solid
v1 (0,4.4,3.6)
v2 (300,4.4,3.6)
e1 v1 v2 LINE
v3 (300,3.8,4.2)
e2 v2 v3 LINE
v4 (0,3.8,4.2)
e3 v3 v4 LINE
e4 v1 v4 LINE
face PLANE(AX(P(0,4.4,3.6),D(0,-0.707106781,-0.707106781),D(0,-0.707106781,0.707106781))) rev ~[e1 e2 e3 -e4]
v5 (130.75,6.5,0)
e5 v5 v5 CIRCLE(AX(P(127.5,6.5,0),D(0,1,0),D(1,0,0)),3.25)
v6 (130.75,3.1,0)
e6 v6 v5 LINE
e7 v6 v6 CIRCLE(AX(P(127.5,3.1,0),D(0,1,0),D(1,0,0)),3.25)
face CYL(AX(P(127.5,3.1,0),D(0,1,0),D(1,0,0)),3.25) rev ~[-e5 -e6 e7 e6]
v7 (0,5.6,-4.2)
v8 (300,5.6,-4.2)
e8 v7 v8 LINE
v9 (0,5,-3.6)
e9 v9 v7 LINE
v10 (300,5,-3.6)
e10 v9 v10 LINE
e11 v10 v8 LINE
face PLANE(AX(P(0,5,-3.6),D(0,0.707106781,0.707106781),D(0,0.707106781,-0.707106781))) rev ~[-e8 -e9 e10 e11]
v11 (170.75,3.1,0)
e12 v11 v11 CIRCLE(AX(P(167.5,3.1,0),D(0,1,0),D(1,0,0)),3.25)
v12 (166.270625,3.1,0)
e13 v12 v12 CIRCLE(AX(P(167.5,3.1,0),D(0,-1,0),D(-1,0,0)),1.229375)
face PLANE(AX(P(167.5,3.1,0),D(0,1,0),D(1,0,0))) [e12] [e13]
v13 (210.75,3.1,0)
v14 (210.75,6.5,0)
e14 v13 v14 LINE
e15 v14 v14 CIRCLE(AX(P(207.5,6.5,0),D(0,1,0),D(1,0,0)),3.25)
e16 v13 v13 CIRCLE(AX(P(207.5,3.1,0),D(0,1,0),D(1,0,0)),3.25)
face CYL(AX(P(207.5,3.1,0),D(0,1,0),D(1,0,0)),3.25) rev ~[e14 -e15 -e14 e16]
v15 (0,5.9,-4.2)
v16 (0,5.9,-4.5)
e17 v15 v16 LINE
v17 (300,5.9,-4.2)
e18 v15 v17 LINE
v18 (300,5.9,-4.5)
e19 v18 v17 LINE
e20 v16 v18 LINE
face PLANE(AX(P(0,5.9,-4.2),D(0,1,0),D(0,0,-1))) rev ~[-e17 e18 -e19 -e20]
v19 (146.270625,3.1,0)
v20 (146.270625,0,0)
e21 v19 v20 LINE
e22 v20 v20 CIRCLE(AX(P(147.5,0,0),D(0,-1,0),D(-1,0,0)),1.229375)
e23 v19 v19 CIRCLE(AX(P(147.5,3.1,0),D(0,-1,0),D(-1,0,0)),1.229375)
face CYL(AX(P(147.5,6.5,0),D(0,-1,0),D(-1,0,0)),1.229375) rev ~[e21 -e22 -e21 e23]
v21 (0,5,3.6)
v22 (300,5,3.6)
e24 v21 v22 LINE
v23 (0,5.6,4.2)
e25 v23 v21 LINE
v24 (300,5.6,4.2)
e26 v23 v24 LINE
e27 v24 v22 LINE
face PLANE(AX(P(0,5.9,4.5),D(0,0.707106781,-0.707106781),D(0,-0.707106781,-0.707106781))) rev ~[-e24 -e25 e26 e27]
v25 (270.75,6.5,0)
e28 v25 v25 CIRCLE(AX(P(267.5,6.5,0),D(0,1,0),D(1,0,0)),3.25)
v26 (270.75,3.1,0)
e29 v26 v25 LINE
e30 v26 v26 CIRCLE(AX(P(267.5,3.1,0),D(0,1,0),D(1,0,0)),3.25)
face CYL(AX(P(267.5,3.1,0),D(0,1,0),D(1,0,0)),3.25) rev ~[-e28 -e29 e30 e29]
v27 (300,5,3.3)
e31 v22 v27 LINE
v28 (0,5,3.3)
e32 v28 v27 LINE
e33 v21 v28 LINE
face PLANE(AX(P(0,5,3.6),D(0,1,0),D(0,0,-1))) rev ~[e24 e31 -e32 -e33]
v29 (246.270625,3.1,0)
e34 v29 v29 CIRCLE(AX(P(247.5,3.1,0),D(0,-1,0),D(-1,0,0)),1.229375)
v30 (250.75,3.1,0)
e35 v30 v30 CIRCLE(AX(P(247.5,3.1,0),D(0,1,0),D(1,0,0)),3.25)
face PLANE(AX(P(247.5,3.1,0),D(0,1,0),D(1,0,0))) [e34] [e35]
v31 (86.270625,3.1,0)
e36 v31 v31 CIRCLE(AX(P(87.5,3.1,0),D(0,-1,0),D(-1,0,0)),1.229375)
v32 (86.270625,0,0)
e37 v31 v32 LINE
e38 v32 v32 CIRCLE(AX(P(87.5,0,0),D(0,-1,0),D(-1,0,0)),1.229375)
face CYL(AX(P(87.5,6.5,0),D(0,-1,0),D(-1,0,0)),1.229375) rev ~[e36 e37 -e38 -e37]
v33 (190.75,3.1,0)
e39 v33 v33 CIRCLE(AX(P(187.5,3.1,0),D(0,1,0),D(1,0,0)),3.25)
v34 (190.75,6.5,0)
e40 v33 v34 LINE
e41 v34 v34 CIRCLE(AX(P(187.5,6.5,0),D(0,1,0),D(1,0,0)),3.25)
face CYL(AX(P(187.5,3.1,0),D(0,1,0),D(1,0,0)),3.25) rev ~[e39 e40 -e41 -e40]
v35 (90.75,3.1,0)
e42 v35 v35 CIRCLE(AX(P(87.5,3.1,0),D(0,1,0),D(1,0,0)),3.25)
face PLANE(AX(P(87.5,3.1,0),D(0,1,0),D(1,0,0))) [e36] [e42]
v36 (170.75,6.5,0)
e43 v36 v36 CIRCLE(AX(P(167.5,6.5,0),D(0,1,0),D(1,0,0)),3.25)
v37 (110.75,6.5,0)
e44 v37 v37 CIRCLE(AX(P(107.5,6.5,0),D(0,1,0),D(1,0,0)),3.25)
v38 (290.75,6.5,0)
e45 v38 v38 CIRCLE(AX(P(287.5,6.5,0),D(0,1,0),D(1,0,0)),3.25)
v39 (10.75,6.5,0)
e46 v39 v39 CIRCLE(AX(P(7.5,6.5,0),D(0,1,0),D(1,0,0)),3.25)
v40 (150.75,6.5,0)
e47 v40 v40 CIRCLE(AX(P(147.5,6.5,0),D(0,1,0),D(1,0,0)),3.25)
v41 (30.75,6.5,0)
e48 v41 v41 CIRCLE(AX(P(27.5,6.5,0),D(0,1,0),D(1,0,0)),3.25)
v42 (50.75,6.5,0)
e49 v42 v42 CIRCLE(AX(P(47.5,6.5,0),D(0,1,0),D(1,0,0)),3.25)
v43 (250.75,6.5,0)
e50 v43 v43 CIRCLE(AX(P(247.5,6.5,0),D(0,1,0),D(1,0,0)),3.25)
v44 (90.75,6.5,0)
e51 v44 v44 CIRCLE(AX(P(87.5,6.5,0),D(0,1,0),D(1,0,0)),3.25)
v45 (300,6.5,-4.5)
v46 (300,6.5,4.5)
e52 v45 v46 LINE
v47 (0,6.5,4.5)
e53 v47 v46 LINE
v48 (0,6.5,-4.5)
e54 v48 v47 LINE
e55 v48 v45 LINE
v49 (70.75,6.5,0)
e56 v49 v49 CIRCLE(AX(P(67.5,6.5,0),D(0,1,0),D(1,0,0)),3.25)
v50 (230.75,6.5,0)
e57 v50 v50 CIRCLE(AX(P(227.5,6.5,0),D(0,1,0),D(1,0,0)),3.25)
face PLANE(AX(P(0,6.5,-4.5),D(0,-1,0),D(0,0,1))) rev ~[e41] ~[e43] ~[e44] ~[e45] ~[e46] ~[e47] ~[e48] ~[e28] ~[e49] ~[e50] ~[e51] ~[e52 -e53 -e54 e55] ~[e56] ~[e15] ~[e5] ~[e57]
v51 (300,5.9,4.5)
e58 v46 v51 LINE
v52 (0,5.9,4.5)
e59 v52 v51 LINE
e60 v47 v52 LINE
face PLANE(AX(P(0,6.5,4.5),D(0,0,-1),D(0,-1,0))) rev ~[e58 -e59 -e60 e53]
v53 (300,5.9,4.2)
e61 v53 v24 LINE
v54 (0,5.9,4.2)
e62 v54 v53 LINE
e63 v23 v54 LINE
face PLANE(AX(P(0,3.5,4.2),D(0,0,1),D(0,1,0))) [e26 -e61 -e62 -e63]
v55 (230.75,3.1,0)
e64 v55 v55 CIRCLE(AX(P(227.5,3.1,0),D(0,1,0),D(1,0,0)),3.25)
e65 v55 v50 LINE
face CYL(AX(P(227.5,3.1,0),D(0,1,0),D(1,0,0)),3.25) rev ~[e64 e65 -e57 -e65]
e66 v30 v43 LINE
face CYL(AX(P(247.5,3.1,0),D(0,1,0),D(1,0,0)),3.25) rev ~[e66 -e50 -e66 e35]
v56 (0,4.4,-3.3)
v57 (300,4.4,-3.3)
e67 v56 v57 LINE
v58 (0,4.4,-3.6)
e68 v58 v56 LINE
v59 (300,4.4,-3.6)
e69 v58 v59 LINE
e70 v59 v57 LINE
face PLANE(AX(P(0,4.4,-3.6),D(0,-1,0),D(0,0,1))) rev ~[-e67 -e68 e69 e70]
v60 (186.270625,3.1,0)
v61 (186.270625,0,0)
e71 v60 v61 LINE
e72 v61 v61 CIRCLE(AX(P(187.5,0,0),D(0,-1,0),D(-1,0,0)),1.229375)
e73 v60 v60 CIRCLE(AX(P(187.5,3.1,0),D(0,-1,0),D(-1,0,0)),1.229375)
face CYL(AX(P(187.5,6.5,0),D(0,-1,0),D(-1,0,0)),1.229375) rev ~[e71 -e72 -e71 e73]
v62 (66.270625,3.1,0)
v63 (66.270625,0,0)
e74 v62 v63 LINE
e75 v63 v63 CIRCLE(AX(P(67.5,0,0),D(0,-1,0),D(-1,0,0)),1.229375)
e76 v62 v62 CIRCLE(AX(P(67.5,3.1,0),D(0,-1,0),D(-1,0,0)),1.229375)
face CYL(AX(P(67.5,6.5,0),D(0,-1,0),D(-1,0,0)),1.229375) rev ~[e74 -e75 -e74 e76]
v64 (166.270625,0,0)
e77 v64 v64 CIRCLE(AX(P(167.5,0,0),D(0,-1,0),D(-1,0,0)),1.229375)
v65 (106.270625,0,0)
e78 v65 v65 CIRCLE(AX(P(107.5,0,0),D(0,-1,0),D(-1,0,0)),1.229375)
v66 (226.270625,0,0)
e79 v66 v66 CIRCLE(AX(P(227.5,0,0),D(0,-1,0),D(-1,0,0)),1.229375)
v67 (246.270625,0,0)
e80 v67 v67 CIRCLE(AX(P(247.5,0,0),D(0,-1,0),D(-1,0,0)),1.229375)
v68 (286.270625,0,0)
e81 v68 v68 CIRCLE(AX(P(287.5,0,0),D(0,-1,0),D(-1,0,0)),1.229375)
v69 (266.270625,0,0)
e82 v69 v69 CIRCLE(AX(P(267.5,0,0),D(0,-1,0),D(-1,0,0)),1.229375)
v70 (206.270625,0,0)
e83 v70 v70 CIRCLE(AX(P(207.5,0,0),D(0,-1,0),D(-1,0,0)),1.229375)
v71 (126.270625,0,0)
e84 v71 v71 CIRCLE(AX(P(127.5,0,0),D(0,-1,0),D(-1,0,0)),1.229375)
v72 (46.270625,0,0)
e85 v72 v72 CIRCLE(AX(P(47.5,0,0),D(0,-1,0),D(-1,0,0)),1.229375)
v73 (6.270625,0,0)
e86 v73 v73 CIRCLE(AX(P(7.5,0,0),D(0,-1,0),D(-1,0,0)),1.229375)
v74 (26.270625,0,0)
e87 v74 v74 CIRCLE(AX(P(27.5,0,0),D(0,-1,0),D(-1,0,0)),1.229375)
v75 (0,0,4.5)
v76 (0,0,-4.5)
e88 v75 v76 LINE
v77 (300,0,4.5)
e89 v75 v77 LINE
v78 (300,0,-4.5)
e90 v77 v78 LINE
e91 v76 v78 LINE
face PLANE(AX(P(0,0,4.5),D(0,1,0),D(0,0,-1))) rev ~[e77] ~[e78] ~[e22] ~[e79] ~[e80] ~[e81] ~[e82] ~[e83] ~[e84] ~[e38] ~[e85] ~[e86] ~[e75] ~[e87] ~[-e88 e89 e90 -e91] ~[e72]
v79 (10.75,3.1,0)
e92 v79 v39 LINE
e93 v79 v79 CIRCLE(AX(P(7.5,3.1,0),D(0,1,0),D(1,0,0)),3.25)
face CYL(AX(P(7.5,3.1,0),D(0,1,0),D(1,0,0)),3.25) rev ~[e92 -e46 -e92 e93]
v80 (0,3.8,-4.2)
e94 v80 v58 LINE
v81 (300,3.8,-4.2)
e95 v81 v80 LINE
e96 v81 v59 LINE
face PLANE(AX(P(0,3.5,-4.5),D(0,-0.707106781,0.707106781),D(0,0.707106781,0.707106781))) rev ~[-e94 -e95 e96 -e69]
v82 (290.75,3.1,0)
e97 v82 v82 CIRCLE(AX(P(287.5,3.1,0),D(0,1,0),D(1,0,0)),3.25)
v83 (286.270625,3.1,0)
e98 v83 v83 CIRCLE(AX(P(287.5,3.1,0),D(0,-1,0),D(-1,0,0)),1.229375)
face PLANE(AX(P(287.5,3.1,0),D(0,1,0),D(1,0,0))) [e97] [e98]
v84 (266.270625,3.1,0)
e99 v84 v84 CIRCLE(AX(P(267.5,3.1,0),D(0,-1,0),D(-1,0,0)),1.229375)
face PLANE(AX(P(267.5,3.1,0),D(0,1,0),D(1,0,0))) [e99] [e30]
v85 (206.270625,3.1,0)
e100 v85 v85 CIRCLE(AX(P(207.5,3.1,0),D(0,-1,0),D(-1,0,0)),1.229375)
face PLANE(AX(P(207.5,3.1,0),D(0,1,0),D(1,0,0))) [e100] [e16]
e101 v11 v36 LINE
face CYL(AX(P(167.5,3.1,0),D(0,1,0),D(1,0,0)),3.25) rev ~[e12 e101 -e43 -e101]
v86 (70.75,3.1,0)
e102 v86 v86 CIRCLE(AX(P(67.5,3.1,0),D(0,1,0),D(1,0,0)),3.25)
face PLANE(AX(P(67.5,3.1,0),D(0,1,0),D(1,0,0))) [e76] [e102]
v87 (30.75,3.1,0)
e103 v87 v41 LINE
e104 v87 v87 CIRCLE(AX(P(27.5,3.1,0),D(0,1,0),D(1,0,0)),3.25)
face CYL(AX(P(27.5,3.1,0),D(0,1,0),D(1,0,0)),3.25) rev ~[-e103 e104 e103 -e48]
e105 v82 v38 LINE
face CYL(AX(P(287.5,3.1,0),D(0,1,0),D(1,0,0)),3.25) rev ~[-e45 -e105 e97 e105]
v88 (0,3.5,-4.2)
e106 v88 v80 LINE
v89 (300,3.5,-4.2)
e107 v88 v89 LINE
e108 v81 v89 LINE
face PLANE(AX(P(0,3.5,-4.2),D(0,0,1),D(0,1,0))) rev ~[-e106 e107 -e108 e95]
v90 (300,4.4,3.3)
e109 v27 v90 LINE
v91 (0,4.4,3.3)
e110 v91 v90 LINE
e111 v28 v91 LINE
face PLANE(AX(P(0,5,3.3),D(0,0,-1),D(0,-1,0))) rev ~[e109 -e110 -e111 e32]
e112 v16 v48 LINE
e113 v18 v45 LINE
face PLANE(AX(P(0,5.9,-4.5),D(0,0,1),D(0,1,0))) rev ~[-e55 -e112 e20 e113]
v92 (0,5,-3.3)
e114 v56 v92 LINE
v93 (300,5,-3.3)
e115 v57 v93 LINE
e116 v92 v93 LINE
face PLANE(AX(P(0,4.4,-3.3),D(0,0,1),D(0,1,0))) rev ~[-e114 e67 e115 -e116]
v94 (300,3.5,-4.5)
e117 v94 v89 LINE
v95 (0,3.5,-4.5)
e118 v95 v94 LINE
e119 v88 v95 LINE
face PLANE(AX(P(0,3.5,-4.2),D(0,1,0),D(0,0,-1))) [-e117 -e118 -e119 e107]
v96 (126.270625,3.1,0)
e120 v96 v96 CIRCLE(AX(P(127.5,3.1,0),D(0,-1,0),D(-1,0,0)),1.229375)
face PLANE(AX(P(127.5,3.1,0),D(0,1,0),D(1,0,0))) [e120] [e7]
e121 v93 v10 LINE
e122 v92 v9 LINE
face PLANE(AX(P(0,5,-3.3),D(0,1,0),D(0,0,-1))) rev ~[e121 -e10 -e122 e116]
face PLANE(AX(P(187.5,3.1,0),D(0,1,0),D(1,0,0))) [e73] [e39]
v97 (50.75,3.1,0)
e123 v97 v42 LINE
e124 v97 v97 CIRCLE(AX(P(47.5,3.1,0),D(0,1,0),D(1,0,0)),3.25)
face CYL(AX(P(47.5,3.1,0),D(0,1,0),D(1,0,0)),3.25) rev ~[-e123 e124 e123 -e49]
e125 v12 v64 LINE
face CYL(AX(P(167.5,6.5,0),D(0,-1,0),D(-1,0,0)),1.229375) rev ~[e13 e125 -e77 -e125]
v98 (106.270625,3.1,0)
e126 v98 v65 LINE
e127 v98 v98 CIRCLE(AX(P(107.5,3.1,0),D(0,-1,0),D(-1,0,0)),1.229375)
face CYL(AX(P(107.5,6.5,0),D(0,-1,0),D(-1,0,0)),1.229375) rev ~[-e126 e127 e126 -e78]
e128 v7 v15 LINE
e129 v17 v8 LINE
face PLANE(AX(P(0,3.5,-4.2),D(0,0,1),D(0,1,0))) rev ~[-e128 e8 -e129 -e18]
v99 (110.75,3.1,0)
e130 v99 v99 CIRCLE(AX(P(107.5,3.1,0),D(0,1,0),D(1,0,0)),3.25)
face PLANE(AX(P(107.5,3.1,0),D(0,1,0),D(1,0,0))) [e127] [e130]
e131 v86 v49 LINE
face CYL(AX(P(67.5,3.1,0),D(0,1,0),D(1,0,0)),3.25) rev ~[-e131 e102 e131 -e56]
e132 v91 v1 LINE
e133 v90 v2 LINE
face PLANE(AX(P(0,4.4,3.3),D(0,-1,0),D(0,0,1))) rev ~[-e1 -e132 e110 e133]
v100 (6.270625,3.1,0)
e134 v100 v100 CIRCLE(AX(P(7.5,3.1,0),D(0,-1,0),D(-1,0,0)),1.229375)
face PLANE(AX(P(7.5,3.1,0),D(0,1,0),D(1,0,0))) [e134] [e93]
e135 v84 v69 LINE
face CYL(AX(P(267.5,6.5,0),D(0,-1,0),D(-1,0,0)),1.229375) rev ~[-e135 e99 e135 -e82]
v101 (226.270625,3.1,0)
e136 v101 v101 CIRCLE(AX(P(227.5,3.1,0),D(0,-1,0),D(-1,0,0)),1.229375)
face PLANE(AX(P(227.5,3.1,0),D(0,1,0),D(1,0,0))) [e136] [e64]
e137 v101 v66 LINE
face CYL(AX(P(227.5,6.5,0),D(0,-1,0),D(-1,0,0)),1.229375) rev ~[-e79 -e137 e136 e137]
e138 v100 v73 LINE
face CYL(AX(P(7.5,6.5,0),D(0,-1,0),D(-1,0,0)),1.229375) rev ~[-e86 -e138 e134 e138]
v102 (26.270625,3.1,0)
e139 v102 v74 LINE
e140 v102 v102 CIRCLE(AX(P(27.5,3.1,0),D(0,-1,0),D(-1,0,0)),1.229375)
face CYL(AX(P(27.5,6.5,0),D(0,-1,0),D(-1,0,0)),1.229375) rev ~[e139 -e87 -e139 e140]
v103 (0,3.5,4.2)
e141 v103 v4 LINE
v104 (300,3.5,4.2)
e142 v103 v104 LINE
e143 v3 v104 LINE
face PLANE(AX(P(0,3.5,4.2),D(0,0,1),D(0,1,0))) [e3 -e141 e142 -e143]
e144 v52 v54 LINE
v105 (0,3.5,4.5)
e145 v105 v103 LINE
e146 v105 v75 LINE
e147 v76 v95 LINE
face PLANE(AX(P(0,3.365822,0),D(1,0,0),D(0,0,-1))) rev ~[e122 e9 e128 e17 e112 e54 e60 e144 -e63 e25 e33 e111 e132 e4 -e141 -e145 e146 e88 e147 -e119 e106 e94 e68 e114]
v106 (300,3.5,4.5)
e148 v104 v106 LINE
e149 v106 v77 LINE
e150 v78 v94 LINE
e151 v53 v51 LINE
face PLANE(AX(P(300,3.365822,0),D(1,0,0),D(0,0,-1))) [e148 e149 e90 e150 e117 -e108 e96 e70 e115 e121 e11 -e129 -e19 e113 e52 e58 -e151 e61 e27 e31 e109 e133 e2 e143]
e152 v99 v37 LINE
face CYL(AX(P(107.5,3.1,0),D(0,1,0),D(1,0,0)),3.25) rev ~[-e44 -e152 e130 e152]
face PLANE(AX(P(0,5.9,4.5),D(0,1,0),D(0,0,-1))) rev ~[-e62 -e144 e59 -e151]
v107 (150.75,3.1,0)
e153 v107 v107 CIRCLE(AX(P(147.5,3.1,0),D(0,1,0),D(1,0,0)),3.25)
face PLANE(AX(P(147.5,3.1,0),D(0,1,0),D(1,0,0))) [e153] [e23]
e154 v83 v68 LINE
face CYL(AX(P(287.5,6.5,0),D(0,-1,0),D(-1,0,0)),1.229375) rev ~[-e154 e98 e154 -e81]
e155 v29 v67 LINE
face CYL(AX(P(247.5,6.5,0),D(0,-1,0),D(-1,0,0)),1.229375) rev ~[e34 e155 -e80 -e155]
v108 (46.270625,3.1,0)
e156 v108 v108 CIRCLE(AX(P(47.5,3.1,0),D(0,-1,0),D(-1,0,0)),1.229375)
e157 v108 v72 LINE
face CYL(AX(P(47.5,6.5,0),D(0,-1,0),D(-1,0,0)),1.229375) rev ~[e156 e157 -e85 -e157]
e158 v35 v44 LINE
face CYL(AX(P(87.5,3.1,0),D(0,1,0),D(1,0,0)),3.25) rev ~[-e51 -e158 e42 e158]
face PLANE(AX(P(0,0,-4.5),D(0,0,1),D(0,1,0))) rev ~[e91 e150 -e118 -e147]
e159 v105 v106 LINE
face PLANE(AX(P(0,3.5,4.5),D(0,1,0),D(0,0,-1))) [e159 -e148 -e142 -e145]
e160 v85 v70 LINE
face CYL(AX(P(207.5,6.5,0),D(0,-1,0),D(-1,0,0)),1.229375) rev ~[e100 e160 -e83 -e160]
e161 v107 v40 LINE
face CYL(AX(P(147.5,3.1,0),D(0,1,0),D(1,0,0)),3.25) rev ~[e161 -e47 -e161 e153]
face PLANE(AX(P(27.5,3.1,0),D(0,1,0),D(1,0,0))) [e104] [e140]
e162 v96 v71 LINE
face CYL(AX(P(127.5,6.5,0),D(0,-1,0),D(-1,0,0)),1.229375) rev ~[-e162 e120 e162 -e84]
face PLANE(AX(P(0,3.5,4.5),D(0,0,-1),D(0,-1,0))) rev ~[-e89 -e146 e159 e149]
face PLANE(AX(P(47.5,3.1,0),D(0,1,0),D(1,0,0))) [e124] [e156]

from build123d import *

# Parameters (mm, degrees)
BOSS_EXTRU_1_DEPTH                                 = 300
ESQUISSE2_W                                        = 0.3
ESQUISSE2_H                                        = 2.4
ENL_V_MAT_EXTRU_1_DEPTH                            = 301.104148588
CHAMBRAGE_POUR_VIS_T_TE_HEXAGONALE_M31_D           = 2.45875
CHAMBRAGE_POUR_VIS_T_TE_HEXAGONALE_M31_CBORE_D     = 6.5
CHAMBRAGE_POUR_VIS_T_TE_HEXAGONALE_M31_CBORE_DEPTH = 3.4
R_P_TITION_LIN_AIRE1_COUNT                         = 15
R_P_TITION_LIN_AIRE1_PITCH                         = 20


with BuildPart() as part:
    # Esquisse1 → Boss.-Extru.1 (new body)
    with BuildSketch(Plane(origin=(0, 0, 0), x_dir=(0, 0, -1), z_dir=(1, 0, 0))):
        Polygon((-4.5, 0), (4.5, 0), (4.5, 3.5), (3.6, 4.4), (3.3, 4.4), (3.3, 5), (3.6, 5), (4.5, 5.9), (4.5, 6.5), (-4.5, 6.5), (-4.5, 5.9), (-3.6, 5), (-3.3, 5), (-3.3, 4.4), (-3.6, 4.4), (-4.5, 3.5), align=None)
    extrude(amount=BOSS_EXTRU_1_DEPTH)

    # Esquisse2 → Enlèv. mat.-Extru.1 (cut, through all)
    with BuildSketch(Plane(origin=(0, 0, 0), x_dir=(0, 0, -1), z_dir=(1, 0, 0))):
        with Locations((4.35, 4.7)):
            Rectangle(ESQUISSE2_W, ESQUISSE2_H)
        with Locations((-4.35, 4.7)):
            Rectangle(ESQUISSE2_W, ESQUISSE2_H)
    extrude(amount=ENL_V_MAT_EXTRU_1_DEPTH, mode=Mode.SUBTRACT)

    # Chambrage pour vis à tête hexagonale M31 (through all)
    with Locations(Plane(origin=(0, 6.5, 0), x_dir=(1, 0, 0), z_dir=(0, 1, 0))):
        with Locations((7.5, 0)):
            chambrage_pour_vis_t_te_hexagonale_m31 = CounterBoreHole(CHAMBRAGE_POUR_VIS_T_TE_HEXAGONALE_M31_D / 2, CHAMBRAGE_POUR_VIS_T_TE_HEXAGONALE_M31_CBORE_D / 2, CHAMBRAGE_POUR_VIS_T_TE_HEXAGONALE_M31_CBORE_DEPTH)

    # Répétition linéaire1: Chambrage pour vis à tête hexagonale M31 ×15
    with Locations(*[(i * R_P_TITION_LIN_AIRE1_PITCH, 0, 0) for i in range(1, R_P_TITION_LIN_AIRE1_COUNT)]):
        add(chambrage_pour_vis_t_te_hexagonale_m31, mode=Mode.SUBTRACT)


solid = part.part
